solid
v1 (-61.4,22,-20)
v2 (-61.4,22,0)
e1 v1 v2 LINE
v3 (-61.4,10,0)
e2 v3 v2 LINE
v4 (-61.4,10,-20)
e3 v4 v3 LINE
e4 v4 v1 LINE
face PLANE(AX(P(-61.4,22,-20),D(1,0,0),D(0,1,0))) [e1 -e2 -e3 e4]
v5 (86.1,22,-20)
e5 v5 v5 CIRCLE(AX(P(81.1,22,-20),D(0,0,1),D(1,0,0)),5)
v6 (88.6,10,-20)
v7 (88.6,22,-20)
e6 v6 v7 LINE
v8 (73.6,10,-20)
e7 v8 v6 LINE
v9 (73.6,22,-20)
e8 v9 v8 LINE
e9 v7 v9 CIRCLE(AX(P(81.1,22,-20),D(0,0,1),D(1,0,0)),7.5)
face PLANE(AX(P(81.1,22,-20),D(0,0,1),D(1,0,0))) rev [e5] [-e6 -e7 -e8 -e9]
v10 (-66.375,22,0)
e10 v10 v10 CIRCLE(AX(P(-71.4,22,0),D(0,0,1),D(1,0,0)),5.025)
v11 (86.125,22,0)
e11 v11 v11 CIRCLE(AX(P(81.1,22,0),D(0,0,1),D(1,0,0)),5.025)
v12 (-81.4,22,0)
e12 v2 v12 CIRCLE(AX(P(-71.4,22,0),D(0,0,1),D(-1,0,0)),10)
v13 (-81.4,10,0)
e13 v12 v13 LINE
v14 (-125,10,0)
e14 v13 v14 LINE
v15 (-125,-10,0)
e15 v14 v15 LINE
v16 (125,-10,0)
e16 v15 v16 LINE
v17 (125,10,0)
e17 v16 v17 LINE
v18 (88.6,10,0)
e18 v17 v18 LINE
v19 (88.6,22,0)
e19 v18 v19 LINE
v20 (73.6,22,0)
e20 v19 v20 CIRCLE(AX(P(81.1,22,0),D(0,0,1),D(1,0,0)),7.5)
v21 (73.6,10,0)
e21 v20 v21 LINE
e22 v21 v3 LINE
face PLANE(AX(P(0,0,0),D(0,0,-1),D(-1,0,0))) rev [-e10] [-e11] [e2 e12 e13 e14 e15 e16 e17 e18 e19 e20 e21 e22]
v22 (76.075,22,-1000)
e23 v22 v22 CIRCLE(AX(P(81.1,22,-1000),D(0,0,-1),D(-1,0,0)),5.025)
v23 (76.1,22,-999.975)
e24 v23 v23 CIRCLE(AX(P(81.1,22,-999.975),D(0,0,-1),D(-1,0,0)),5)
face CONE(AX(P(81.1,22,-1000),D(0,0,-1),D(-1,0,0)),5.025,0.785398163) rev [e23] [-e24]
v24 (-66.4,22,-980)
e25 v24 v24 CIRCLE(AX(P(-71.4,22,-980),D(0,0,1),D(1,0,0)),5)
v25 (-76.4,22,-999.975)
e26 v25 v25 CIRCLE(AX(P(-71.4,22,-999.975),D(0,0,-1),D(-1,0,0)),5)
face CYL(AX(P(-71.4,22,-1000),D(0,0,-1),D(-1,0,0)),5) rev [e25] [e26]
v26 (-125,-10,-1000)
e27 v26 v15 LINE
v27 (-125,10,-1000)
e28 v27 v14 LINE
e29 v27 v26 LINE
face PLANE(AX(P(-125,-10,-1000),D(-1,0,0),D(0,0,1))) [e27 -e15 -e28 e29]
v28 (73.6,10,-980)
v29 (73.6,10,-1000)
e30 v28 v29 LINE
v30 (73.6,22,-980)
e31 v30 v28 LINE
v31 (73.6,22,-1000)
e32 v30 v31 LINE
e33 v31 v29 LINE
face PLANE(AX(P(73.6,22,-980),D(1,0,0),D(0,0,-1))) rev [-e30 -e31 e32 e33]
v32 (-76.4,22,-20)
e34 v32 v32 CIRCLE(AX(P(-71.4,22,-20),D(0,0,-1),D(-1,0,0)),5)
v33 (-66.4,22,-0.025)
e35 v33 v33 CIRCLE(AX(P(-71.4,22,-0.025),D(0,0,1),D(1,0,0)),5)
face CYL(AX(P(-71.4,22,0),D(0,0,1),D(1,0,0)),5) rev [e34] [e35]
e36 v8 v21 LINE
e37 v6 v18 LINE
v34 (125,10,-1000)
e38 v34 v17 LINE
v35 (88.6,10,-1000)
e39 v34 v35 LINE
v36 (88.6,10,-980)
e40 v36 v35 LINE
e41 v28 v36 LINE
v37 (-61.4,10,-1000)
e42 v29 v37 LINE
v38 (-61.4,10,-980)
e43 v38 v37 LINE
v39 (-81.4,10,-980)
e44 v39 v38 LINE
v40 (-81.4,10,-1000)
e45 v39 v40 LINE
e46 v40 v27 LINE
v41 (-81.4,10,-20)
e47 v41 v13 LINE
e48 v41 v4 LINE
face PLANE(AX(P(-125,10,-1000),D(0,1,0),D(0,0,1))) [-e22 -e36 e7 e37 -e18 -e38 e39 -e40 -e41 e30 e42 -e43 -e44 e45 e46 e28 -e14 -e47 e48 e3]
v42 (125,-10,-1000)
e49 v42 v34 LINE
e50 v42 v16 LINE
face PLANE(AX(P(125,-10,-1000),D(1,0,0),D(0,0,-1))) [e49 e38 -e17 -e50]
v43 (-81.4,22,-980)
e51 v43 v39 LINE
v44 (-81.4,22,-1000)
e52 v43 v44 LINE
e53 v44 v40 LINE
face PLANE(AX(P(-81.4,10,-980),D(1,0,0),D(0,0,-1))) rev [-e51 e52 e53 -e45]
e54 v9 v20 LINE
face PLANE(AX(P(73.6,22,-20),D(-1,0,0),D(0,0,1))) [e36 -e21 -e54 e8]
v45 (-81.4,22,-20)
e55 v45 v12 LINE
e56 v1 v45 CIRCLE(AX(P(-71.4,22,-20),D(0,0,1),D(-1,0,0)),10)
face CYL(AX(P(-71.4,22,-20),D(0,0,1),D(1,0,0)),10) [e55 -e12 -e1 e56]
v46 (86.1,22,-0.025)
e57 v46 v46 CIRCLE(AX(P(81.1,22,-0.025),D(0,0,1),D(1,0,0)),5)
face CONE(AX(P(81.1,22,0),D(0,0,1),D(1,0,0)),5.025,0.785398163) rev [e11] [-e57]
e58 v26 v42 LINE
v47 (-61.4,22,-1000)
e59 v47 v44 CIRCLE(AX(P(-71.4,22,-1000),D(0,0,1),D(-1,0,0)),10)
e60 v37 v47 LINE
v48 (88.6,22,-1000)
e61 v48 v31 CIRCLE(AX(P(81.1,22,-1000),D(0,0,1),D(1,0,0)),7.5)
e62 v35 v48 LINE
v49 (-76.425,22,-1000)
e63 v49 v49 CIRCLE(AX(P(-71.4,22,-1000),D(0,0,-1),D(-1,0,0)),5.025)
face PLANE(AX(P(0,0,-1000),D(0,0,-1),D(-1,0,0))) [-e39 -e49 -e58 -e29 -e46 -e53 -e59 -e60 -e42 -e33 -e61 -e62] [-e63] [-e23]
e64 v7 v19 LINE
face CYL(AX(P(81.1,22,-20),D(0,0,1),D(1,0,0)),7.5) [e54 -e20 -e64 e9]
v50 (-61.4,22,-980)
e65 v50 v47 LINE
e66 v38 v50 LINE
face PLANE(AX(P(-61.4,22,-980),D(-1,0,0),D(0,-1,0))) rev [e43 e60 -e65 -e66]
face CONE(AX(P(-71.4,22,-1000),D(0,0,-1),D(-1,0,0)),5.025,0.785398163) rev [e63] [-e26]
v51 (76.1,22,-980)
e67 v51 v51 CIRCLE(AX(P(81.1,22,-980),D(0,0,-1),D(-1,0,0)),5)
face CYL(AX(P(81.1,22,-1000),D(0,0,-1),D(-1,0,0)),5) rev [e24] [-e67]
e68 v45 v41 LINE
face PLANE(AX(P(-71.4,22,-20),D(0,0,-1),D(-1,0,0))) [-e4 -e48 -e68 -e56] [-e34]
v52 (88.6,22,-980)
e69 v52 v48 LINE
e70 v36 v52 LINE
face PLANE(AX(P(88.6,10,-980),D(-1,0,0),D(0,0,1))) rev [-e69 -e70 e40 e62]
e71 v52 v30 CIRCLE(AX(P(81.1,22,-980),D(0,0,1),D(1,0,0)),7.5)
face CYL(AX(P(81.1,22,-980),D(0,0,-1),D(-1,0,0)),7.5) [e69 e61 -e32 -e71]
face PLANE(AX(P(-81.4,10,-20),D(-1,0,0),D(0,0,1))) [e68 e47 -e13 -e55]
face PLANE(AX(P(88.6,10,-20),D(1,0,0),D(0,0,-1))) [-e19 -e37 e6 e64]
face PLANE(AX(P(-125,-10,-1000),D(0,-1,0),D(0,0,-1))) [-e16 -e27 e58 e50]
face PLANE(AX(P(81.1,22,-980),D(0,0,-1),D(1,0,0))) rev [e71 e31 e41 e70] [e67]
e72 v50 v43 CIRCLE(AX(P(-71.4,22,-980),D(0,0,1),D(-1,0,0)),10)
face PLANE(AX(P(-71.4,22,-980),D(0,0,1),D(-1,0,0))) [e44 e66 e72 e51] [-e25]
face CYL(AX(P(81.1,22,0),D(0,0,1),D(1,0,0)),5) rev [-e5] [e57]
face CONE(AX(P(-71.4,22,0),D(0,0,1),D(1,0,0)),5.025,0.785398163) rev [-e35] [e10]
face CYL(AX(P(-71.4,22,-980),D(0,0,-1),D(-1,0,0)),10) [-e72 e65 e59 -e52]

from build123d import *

# Parameters (mm, degrees)
SKETCH2_W                        = 250
SKETCH2_H                        = 20
BOSS_EXTRUDE1_DEPTH              = 1000
BOSS_EXTRUDE2_DEPTH              = 20
BOSS_EXTRUDE3_DEPTH              = 20
F_10_0MM_DOWEL_HOLE1_D           = 10
F_10_0MM_DOWEL_HOLE1_CSINK_D     = 10.05
F_10_0MM_DOWEL_HOLE1_CSINK_ANGLE = 90


with BuildPart() as part:
    # Sketch2 → Boss-Extrude1 (new body)
    with BuildSketch(Plane.XY):
        Rectangle(SKETCH2_W, SKETCH2_H)
    extrude(amount=-BOSS_EXTRUDE1_DEPTH)

    # Sketch3 → Boss-Extrude2 (add)
    with BuildSketch(Plane.XY):
        with BuildLine():
            Line((88.6, 10), (88.6, 22))
            ThreePointArc((88.6, 22), (81.1, 29.5), (73.6, 22))
            Line((73.6, 22), (73.6, 10))
            Line((73.6, 10), (88.6, 10))
        make_face()
    boss_extrude2 = extrude(amount=-BOSS_EXTRUDE2_DEPTH)

    # Sketch4 → Boss-Extrude3 (add)
    with BuildSketch(Plane.XY):
        with BuildLine():
            Line((-81.4, 10), (-81.4, 22))
            ThreePointArc((-81.4, 22), (-71.4, 32), (-61.4, 22))
            Line((-61.4, 22), (-61.4, 10))
            Line((-61.4, 10), (-81.4, 10))
        make_face()
    boss_extrude3 = extrude(amount=-BOSS_EXTRUDE3_DEPTH)

    # Ø10.0mm Dowel Hole1 (through all)
    with Locations(Plane.XY):
        with Locations((-71.4, 22), (81.1, 22)):
            f_10_0mm_dowel_hole1 = CounterSinkHole(F_10_0MM_DOWEL_HOLE1_D / 2, F_10_0MM_DOWEL_HOLE1_CSINK_D / 2, counter_sink_angle=F_10_0MM_DOWEL_HOLE1_CSINK_ANGLE)

    # Mirror1: Boss-Extrude2, Boss-Extrude3, Ø10.0mm Dowel Hole1 across plane
    add(boss_extrude2.mirror(Plane.XY.offset(-500)))
    add(boss_extrude3.mirror(Plane.XY.offset(-500)))
    add(f_10_0mm_dowel_hole1.mirror(Plane.XY.offset(-500)), mode=Mode.SUBTRACT)


solid = part.part
